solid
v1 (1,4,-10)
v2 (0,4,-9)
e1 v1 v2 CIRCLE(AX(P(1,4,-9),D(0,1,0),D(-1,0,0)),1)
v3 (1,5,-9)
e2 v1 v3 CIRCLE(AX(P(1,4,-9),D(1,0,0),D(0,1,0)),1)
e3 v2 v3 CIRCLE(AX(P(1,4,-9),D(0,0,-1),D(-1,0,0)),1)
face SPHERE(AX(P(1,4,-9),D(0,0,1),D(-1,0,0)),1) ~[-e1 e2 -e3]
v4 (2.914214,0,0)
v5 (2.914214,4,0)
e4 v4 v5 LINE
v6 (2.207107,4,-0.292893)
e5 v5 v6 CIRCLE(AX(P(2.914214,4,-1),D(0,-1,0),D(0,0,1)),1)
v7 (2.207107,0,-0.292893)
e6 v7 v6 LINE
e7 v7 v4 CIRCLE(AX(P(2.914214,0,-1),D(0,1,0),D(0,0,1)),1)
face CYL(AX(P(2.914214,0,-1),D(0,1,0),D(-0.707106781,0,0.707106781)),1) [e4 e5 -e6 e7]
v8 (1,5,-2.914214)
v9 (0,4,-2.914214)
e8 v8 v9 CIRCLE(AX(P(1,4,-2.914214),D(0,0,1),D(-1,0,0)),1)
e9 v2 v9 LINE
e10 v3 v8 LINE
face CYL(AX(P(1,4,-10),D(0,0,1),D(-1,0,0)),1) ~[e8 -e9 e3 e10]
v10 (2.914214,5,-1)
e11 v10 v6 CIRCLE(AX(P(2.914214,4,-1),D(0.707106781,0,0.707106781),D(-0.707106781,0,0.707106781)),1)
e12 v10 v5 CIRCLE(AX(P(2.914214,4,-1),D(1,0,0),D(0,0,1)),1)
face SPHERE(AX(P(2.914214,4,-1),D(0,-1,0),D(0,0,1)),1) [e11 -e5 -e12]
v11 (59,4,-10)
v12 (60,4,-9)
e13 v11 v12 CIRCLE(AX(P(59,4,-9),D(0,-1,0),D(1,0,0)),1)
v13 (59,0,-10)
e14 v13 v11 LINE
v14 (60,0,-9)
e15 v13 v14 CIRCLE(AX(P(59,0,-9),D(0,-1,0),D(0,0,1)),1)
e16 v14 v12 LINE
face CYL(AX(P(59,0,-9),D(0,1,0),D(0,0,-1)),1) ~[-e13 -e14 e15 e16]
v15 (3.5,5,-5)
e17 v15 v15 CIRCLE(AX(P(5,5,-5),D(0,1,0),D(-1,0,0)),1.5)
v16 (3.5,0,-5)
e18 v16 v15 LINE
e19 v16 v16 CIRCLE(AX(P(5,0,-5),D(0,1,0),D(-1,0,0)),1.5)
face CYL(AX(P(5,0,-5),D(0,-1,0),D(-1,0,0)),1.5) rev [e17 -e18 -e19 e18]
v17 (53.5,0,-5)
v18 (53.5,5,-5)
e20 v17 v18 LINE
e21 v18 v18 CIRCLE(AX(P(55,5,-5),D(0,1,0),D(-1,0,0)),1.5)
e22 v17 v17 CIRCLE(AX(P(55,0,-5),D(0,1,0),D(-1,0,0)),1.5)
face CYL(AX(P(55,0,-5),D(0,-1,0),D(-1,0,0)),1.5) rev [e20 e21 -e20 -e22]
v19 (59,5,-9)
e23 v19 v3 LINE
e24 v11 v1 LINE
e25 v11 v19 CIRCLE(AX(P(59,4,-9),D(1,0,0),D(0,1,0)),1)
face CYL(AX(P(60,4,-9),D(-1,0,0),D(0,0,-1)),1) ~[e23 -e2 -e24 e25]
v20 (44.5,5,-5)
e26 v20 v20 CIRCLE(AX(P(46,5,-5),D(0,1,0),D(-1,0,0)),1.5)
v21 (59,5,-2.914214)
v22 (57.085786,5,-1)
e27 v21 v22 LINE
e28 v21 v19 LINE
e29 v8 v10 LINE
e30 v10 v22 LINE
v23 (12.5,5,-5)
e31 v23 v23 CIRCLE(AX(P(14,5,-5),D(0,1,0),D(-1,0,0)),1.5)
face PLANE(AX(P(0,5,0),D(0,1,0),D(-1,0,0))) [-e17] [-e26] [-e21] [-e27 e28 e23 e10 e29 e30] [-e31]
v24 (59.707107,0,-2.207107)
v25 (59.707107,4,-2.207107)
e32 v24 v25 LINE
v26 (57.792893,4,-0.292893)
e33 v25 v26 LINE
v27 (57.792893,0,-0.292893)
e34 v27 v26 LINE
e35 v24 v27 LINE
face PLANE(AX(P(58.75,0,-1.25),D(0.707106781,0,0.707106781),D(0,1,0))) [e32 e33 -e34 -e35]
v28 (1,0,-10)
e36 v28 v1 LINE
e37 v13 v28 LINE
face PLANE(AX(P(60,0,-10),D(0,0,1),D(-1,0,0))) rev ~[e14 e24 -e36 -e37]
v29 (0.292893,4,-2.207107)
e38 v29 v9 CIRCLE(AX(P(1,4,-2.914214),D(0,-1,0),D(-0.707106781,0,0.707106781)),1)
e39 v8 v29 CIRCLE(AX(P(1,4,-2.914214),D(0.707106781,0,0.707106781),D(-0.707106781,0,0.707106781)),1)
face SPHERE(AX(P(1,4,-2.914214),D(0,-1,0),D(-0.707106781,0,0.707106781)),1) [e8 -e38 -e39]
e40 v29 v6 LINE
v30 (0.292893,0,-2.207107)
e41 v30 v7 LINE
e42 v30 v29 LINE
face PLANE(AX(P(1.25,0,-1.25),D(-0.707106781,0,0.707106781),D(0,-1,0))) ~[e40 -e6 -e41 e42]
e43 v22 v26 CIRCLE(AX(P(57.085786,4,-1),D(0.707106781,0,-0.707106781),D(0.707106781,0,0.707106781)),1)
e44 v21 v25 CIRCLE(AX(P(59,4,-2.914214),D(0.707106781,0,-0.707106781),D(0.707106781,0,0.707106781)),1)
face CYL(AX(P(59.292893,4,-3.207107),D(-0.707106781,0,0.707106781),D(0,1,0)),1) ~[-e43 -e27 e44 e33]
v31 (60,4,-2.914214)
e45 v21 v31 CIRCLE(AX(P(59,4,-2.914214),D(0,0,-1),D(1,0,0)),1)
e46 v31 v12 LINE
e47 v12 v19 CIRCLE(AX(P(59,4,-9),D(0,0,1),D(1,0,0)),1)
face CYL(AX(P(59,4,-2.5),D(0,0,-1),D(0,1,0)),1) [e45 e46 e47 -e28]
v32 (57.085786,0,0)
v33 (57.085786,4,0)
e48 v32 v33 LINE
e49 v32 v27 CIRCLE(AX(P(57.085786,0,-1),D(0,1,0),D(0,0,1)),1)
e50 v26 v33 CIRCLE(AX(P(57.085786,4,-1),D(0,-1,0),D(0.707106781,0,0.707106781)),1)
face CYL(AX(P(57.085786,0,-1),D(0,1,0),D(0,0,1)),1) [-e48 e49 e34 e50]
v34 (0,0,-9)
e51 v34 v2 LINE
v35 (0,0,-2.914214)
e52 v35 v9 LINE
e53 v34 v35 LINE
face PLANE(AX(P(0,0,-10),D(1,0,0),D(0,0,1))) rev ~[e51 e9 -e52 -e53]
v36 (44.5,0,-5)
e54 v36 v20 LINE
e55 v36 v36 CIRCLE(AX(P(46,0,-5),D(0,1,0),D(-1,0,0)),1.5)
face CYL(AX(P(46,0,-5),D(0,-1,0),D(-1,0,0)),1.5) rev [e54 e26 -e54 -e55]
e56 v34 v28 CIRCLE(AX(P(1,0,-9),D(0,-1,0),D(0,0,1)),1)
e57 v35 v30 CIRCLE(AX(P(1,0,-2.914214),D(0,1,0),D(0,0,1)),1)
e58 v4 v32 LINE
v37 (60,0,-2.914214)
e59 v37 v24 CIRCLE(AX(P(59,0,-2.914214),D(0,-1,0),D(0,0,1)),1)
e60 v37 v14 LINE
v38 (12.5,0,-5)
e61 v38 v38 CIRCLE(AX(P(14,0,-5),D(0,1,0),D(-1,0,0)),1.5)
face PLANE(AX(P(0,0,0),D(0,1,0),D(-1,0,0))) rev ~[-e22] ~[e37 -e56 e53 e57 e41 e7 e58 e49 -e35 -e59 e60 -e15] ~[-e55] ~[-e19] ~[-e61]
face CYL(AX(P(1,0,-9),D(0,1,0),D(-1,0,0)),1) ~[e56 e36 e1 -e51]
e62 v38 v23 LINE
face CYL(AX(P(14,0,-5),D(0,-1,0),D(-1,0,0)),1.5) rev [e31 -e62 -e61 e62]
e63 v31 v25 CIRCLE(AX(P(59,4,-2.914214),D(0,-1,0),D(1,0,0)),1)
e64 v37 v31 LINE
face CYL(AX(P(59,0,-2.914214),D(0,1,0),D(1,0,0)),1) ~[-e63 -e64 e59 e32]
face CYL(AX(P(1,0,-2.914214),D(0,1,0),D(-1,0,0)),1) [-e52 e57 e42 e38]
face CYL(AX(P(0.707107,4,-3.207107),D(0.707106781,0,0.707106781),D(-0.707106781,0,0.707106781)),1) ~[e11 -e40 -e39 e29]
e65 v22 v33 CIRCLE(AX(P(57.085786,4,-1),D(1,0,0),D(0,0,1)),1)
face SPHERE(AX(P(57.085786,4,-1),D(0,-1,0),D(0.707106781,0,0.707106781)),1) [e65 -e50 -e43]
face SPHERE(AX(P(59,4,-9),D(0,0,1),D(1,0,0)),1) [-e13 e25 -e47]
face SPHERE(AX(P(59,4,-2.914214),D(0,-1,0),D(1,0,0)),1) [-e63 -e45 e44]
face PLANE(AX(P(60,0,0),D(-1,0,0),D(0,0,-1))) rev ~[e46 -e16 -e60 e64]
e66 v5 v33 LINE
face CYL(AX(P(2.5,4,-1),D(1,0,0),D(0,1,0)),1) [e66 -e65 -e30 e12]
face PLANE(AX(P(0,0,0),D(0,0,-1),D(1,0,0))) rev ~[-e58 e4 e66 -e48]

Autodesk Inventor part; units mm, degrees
ref_plane "YZ Plane" through (0, 0, 0) normal (1, 0, 0) x (0, 1, 0)
ref_plane "XZ Plane" through (0, 0, 0) normal (0, 1, 0) x (-1, 0, 0)
ref_plane "XY Plane" through (0, 0, 0) normal (0, 0, 1) x (1, 0, 0)
sketch "Sketch1" plane through (0, 0, 0) normal (0, 1, 0) x (-1, 0, 0)
  line L0 (0, 0) -> (-60, 0)
  line L1 (-60, 0) -> (-60, -10)
  line L2 (-60, -10) -> (0, -10)
  line L3 (0, -10) -> (0, 0)
  circle A0 centre (-5, -5) radius 1.5
  circle A1 centre (-55, -5) radius 1.5
  line L4 (-30, -10) -> (-30, 0) construction
  line L5 (0, -5) -> (-5, -5) construction
  line L6 (-5, -5) -> (-30, -5) construction
  line L7 (-55, -5) -> (-60, -5) construction
  circle A2 centre (-14, -5) radius 1.5
  line L8 (-30, -5) -> (-55, -5) construction
  circle A3 centre (-46, -5) radius 1.5
  dimension "d0" = 60
  dimension "d1" = 10
  dimension "d2" = 3
  dimension "d3" = 3
  dimension "d4" = 5
  dimension "d5" = 5
  dimension "d6" = 5
  dimension "d7" = 5
  dimension "d9" = 3
  dimension "d10" = 16
extrude "Extrusion1" add sketch "Sketch1" along normal blind 5
chamfer "Chamfer1" distance 2.5 angle 45 2 edges at (0, 2.5, 0) (60, 2.5, 0)
fillet "Fillet1" radius 1 12 edges at (30, 5, 0) (1.25, 5, -1.25) (0, 5, -6.25) (0, 2.5, -2.5) (2.5, 2.5, 0) (57.5, 2.5, 0) (58.75, 5, -1.25) (60, 2.5, -2.5) (60, 5, -6.25) (60, 2.5, -10) (0, 2.5, -10) (30, 5, -10)
equation "\"d3\" = d2"
equation "\"d5\" = d4"
equation "\"d6\" = 0.5 * d1"
equation "\"d7\" = d6"
equation "\"d9\" = d2"
properties part number "fan_duct_holder"
